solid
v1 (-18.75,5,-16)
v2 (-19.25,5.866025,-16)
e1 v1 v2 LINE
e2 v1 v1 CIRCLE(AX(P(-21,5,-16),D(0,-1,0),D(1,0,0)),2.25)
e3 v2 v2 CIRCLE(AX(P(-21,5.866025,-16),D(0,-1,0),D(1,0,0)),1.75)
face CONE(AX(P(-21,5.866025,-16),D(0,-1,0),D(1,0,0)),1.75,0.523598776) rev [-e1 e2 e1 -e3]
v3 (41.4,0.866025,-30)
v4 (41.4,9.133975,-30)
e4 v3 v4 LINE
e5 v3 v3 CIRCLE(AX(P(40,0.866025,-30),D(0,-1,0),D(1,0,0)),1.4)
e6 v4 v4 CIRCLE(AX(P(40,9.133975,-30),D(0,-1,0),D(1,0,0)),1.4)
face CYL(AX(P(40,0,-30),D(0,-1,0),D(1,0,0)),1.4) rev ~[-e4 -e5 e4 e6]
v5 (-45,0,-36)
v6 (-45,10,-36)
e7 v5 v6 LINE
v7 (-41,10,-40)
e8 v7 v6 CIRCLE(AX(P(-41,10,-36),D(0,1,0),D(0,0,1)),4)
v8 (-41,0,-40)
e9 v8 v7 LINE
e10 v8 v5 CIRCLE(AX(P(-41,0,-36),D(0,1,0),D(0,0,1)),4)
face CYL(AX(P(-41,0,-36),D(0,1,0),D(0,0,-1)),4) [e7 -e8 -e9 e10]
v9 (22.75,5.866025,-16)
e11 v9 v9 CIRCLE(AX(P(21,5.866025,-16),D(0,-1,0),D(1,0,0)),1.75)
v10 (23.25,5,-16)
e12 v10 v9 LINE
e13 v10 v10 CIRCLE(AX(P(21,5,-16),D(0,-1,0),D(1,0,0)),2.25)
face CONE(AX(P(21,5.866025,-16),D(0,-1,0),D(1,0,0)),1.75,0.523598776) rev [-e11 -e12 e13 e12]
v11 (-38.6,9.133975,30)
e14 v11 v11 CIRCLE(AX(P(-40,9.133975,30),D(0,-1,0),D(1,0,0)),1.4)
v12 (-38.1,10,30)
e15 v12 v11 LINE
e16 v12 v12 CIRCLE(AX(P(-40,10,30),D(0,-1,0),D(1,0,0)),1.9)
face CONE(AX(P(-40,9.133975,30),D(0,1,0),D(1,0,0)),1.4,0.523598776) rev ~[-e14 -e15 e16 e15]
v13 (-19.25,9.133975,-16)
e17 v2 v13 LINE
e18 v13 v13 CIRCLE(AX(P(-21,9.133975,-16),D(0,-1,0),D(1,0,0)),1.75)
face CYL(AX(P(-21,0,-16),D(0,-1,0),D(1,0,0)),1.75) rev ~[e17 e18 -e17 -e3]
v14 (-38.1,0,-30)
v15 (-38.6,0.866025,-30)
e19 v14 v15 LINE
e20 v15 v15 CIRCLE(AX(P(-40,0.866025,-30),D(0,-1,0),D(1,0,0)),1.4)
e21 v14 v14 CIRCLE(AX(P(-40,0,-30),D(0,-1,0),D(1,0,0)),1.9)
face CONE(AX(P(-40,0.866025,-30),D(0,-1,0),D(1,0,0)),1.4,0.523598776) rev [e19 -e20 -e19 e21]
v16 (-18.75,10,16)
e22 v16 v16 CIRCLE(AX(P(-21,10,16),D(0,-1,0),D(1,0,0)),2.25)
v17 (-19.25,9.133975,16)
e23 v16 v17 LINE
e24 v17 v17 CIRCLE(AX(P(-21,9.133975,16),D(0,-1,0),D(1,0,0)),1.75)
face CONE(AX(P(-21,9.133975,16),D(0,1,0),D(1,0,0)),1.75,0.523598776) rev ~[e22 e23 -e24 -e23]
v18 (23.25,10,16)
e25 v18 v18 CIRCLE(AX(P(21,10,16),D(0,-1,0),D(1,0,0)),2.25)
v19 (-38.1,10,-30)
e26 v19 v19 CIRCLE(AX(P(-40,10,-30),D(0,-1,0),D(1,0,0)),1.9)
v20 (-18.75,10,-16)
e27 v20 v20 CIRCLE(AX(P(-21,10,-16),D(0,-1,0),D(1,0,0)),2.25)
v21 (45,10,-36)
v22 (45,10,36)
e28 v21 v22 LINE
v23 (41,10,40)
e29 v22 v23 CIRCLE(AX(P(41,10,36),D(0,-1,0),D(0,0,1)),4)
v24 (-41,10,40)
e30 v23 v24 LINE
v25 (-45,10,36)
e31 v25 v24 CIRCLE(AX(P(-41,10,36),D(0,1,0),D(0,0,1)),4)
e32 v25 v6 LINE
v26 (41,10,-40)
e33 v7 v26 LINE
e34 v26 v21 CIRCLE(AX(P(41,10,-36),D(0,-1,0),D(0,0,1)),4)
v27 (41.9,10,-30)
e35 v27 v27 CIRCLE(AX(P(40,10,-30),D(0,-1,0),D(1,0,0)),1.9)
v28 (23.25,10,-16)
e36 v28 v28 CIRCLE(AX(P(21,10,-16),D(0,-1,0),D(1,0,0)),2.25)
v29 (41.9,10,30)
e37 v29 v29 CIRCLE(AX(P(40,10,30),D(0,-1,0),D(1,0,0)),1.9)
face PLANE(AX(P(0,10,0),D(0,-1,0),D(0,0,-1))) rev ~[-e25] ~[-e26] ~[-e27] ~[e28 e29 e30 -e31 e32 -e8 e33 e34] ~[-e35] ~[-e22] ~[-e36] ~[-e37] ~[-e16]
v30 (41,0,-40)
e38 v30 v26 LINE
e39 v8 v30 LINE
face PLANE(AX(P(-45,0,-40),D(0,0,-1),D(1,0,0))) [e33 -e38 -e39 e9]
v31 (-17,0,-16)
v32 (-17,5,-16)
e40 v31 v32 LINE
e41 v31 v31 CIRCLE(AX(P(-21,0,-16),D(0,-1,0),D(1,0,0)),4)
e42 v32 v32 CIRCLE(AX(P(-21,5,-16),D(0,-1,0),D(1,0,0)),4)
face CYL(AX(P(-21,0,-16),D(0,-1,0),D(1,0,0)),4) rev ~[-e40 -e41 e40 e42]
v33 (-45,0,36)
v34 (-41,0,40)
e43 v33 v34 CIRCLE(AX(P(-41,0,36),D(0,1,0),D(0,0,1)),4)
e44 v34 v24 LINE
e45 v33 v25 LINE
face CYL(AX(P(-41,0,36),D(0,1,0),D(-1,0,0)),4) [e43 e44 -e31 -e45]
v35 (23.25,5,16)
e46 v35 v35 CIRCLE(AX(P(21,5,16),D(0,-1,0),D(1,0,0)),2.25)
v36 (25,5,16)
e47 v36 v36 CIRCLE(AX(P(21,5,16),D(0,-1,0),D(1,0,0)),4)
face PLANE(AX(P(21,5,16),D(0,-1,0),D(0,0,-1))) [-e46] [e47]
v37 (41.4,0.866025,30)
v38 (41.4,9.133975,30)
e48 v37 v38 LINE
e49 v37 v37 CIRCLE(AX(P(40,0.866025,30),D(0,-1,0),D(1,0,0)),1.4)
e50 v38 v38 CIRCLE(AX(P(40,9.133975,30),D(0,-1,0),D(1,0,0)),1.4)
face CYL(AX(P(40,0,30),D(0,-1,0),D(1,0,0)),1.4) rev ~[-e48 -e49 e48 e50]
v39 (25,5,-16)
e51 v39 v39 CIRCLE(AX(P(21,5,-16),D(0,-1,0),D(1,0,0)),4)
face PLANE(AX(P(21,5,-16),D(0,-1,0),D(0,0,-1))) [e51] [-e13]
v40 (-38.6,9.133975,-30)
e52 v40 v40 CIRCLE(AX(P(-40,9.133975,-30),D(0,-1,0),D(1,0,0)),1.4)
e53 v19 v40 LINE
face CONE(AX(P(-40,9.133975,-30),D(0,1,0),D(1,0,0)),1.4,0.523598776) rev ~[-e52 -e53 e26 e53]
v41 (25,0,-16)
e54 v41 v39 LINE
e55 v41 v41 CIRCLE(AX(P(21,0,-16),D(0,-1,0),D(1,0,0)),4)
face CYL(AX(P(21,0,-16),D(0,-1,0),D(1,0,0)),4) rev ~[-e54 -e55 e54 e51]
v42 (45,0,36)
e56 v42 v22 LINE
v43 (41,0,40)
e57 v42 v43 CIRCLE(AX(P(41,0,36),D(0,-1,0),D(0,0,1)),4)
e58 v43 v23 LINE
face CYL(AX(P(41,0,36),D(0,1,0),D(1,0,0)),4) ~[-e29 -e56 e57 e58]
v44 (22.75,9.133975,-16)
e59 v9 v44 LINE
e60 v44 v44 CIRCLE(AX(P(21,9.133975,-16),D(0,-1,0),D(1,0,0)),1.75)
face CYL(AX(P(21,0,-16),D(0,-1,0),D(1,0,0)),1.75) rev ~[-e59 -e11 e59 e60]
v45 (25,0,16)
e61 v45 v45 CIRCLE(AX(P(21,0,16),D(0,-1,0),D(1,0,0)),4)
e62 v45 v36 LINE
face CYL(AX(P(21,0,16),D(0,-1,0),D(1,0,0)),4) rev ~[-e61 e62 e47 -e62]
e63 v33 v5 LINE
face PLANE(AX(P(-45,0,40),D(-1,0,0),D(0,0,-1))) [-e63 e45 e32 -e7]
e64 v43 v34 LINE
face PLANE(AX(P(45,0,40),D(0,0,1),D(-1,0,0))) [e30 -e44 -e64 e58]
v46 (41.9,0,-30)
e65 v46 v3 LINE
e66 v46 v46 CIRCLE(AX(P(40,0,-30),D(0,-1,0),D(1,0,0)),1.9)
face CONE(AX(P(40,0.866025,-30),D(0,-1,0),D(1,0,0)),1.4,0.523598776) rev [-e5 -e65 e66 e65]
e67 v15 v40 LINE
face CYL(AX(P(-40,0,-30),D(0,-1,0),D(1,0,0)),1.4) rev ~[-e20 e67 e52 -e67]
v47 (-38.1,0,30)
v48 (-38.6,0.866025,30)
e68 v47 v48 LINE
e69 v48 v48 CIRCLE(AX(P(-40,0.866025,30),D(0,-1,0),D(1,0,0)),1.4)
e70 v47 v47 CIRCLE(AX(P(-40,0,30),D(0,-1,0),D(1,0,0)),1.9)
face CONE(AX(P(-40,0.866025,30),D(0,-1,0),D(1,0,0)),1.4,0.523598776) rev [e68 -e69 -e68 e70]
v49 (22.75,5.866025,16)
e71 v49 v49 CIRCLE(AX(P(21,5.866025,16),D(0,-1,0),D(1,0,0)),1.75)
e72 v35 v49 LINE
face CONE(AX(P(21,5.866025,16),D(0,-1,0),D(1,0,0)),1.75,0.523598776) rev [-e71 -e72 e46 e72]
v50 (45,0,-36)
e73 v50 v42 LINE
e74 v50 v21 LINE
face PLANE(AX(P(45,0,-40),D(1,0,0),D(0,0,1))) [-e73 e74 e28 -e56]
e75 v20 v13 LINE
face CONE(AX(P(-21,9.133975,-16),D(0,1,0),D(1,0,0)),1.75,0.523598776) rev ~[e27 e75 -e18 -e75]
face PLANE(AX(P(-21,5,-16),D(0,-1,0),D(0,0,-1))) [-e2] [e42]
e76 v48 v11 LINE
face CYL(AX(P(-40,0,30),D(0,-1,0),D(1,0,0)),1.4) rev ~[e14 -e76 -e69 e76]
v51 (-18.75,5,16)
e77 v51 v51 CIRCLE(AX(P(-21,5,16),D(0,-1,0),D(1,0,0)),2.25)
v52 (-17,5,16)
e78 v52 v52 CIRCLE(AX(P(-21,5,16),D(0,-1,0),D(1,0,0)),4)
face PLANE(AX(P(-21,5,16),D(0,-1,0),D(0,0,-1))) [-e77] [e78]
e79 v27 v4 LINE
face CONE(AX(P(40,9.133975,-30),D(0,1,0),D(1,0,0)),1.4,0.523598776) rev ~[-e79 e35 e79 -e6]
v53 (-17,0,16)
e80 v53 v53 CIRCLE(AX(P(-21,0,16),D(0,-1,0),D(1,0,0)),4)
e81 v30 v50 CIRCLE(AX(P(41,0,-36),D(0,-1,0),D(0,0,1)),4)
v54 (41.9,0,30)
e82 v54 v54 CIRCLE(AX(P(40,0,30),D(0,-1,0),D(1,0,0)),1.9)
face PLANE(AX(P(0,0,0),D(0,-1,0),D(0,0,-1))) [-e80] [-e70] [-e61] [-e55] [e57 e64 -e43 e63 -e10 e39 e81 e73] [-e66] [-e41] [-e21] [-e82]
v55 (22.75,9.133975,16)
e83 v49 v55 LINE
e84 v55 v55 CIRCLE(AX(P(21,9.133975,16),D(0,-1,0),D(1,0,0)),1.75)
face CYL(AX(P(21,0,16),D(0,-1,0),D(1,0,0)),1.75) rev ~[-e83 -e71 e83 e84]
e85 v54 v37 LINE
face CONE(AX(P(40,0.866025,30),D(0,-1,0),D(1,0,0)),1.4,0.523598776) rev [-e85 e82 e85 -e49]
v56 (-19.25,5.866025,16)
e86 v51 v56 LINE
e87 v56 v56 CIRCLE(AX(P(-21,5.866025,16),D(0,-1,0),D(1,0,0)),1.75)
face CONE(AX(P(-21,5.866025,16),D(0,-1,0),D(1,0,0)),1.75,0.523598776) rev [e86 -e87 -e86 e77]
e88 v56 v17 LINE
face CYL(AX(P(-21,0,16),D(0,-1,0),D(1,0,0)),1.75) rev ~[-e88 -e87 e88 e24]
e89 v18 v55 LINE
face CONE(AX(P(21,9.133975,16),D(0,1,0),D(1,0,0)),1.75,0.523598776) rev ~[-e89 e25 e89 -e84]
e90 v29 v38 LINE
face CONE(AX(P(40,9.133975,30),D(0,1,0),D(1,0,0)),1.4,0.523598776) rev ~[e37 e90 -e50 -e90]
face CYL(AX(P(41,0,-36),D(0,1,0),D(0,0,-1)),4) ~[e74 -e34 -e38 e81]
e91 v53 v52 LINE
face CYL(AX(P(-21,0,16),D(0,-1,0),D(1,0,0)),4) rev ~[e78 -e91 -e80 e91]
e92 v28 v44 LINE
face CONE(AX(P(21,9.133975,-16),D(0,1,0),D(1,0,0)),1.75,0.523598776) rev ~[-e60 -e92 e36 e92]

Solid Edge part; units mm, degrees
sketch "Sketch1" plane through (0, 0, 0) normal (0, -1, 0) x (1, 0, 0)
  line L0 (-45, -40) -> (45, -40)
  line L1 (45, -40) -> (45, 40)
  line L2 (45, 40) -> (-45, 40)
  line L3 (-45, 40) -> (-45, -40)
  dimension "D1" = 90
  dimension "D2" = 80
extrude "Protrusion1" add sketch "Sketch1" against normal blind 10
sketch "Sketch2" plane through (0, 0, 0) normal (0, -1, 0) x (1, 0, 0)
  circle A0 centre (-40, 30) radius 1.4
  circle A1 centre (-40, -30) radius 1.4
  circle A2 centre (40, -30) radius 1.4
  circle A3 centre (40, 30) radius 1.4
  dimension "D1" = 2.8
  dimension "D2" = 60
  dimension "D3" = 80
extrude "Cutout1" cut sketch "Sketch2" against normal through all
sketch "Sketch3" plane through (0, 0, 0) normal (0, -1, 0) x (1, 0, 0)
  circle A0 centre (-21, 16) radius 4
  circle A1 centre (-21, -16) radius 4
  circle A2 centre (21, -16) radius 4
  circle A3 centre (21, 16) radius 4
extrude "Extrusionsausschnitt_2" cut sketch "Sketch3" against normal blind 5
sketch "Sketch4" plane through (0, 0, 0) normal (0, -1, 0) x (1, 0, 0)
  circle A0 centre (-21, 16) radius 1.75
  circle A1 centre (-21, -16) radius 1.75
  circle A2 centre (21, -16) radius 1.75
  circle A3 centre (21, 16) radius 1.75
  dimension "D1" = 3.5
extrude "Cutout2" cut sketch "Sketch4" against normal through all
fillet "Verrundung_1" radius 4 4 edges at (-45, 5, 40) (45, 5, 40) (45, 5, -40) (-45, 5, -40)
chamfer "Fase_1" distance 0.5 angle 60 4 edges at (38.6, 0, 30) (-41.4, 0, 30) (-41.4, 0, -30) (38.6, 0, -30) measured on face at (-29.1, 0, 27.4667)
chamfer "Fase_2" distance 0.5 angle 60 4 edges at (-40, 10, 31.4) (40, 10, 31.4) (40, 10, -28.6) (-40, 10, -28.6) measured on face at (-29.1, 10, 27.4667)
chamfer "Fase_3" distance 0.5 angle 60 4 edges at (-21, 10, 17.75) (21, 10, 17.75) (-21, 10, -14.25) (21, 10, -14.25) measured on face at (-29.1, 10, 27.4667)
chamfer "Fase_4" distance 0.5 angle 60 4 edges at (-21, 5, 14.25) (-21, 5, -17.75) (21, 5, 14.25) (21, 5, -17.75) measured on face at (-23.5867, 5, 18.7467) measured on face at (18.4133, 5, 18.7467) measured on face at (-23.5867, 5, -13.2533) measured on face at (18.4133, 5, -13.2533)
properties material "Nylon, allgemein"
